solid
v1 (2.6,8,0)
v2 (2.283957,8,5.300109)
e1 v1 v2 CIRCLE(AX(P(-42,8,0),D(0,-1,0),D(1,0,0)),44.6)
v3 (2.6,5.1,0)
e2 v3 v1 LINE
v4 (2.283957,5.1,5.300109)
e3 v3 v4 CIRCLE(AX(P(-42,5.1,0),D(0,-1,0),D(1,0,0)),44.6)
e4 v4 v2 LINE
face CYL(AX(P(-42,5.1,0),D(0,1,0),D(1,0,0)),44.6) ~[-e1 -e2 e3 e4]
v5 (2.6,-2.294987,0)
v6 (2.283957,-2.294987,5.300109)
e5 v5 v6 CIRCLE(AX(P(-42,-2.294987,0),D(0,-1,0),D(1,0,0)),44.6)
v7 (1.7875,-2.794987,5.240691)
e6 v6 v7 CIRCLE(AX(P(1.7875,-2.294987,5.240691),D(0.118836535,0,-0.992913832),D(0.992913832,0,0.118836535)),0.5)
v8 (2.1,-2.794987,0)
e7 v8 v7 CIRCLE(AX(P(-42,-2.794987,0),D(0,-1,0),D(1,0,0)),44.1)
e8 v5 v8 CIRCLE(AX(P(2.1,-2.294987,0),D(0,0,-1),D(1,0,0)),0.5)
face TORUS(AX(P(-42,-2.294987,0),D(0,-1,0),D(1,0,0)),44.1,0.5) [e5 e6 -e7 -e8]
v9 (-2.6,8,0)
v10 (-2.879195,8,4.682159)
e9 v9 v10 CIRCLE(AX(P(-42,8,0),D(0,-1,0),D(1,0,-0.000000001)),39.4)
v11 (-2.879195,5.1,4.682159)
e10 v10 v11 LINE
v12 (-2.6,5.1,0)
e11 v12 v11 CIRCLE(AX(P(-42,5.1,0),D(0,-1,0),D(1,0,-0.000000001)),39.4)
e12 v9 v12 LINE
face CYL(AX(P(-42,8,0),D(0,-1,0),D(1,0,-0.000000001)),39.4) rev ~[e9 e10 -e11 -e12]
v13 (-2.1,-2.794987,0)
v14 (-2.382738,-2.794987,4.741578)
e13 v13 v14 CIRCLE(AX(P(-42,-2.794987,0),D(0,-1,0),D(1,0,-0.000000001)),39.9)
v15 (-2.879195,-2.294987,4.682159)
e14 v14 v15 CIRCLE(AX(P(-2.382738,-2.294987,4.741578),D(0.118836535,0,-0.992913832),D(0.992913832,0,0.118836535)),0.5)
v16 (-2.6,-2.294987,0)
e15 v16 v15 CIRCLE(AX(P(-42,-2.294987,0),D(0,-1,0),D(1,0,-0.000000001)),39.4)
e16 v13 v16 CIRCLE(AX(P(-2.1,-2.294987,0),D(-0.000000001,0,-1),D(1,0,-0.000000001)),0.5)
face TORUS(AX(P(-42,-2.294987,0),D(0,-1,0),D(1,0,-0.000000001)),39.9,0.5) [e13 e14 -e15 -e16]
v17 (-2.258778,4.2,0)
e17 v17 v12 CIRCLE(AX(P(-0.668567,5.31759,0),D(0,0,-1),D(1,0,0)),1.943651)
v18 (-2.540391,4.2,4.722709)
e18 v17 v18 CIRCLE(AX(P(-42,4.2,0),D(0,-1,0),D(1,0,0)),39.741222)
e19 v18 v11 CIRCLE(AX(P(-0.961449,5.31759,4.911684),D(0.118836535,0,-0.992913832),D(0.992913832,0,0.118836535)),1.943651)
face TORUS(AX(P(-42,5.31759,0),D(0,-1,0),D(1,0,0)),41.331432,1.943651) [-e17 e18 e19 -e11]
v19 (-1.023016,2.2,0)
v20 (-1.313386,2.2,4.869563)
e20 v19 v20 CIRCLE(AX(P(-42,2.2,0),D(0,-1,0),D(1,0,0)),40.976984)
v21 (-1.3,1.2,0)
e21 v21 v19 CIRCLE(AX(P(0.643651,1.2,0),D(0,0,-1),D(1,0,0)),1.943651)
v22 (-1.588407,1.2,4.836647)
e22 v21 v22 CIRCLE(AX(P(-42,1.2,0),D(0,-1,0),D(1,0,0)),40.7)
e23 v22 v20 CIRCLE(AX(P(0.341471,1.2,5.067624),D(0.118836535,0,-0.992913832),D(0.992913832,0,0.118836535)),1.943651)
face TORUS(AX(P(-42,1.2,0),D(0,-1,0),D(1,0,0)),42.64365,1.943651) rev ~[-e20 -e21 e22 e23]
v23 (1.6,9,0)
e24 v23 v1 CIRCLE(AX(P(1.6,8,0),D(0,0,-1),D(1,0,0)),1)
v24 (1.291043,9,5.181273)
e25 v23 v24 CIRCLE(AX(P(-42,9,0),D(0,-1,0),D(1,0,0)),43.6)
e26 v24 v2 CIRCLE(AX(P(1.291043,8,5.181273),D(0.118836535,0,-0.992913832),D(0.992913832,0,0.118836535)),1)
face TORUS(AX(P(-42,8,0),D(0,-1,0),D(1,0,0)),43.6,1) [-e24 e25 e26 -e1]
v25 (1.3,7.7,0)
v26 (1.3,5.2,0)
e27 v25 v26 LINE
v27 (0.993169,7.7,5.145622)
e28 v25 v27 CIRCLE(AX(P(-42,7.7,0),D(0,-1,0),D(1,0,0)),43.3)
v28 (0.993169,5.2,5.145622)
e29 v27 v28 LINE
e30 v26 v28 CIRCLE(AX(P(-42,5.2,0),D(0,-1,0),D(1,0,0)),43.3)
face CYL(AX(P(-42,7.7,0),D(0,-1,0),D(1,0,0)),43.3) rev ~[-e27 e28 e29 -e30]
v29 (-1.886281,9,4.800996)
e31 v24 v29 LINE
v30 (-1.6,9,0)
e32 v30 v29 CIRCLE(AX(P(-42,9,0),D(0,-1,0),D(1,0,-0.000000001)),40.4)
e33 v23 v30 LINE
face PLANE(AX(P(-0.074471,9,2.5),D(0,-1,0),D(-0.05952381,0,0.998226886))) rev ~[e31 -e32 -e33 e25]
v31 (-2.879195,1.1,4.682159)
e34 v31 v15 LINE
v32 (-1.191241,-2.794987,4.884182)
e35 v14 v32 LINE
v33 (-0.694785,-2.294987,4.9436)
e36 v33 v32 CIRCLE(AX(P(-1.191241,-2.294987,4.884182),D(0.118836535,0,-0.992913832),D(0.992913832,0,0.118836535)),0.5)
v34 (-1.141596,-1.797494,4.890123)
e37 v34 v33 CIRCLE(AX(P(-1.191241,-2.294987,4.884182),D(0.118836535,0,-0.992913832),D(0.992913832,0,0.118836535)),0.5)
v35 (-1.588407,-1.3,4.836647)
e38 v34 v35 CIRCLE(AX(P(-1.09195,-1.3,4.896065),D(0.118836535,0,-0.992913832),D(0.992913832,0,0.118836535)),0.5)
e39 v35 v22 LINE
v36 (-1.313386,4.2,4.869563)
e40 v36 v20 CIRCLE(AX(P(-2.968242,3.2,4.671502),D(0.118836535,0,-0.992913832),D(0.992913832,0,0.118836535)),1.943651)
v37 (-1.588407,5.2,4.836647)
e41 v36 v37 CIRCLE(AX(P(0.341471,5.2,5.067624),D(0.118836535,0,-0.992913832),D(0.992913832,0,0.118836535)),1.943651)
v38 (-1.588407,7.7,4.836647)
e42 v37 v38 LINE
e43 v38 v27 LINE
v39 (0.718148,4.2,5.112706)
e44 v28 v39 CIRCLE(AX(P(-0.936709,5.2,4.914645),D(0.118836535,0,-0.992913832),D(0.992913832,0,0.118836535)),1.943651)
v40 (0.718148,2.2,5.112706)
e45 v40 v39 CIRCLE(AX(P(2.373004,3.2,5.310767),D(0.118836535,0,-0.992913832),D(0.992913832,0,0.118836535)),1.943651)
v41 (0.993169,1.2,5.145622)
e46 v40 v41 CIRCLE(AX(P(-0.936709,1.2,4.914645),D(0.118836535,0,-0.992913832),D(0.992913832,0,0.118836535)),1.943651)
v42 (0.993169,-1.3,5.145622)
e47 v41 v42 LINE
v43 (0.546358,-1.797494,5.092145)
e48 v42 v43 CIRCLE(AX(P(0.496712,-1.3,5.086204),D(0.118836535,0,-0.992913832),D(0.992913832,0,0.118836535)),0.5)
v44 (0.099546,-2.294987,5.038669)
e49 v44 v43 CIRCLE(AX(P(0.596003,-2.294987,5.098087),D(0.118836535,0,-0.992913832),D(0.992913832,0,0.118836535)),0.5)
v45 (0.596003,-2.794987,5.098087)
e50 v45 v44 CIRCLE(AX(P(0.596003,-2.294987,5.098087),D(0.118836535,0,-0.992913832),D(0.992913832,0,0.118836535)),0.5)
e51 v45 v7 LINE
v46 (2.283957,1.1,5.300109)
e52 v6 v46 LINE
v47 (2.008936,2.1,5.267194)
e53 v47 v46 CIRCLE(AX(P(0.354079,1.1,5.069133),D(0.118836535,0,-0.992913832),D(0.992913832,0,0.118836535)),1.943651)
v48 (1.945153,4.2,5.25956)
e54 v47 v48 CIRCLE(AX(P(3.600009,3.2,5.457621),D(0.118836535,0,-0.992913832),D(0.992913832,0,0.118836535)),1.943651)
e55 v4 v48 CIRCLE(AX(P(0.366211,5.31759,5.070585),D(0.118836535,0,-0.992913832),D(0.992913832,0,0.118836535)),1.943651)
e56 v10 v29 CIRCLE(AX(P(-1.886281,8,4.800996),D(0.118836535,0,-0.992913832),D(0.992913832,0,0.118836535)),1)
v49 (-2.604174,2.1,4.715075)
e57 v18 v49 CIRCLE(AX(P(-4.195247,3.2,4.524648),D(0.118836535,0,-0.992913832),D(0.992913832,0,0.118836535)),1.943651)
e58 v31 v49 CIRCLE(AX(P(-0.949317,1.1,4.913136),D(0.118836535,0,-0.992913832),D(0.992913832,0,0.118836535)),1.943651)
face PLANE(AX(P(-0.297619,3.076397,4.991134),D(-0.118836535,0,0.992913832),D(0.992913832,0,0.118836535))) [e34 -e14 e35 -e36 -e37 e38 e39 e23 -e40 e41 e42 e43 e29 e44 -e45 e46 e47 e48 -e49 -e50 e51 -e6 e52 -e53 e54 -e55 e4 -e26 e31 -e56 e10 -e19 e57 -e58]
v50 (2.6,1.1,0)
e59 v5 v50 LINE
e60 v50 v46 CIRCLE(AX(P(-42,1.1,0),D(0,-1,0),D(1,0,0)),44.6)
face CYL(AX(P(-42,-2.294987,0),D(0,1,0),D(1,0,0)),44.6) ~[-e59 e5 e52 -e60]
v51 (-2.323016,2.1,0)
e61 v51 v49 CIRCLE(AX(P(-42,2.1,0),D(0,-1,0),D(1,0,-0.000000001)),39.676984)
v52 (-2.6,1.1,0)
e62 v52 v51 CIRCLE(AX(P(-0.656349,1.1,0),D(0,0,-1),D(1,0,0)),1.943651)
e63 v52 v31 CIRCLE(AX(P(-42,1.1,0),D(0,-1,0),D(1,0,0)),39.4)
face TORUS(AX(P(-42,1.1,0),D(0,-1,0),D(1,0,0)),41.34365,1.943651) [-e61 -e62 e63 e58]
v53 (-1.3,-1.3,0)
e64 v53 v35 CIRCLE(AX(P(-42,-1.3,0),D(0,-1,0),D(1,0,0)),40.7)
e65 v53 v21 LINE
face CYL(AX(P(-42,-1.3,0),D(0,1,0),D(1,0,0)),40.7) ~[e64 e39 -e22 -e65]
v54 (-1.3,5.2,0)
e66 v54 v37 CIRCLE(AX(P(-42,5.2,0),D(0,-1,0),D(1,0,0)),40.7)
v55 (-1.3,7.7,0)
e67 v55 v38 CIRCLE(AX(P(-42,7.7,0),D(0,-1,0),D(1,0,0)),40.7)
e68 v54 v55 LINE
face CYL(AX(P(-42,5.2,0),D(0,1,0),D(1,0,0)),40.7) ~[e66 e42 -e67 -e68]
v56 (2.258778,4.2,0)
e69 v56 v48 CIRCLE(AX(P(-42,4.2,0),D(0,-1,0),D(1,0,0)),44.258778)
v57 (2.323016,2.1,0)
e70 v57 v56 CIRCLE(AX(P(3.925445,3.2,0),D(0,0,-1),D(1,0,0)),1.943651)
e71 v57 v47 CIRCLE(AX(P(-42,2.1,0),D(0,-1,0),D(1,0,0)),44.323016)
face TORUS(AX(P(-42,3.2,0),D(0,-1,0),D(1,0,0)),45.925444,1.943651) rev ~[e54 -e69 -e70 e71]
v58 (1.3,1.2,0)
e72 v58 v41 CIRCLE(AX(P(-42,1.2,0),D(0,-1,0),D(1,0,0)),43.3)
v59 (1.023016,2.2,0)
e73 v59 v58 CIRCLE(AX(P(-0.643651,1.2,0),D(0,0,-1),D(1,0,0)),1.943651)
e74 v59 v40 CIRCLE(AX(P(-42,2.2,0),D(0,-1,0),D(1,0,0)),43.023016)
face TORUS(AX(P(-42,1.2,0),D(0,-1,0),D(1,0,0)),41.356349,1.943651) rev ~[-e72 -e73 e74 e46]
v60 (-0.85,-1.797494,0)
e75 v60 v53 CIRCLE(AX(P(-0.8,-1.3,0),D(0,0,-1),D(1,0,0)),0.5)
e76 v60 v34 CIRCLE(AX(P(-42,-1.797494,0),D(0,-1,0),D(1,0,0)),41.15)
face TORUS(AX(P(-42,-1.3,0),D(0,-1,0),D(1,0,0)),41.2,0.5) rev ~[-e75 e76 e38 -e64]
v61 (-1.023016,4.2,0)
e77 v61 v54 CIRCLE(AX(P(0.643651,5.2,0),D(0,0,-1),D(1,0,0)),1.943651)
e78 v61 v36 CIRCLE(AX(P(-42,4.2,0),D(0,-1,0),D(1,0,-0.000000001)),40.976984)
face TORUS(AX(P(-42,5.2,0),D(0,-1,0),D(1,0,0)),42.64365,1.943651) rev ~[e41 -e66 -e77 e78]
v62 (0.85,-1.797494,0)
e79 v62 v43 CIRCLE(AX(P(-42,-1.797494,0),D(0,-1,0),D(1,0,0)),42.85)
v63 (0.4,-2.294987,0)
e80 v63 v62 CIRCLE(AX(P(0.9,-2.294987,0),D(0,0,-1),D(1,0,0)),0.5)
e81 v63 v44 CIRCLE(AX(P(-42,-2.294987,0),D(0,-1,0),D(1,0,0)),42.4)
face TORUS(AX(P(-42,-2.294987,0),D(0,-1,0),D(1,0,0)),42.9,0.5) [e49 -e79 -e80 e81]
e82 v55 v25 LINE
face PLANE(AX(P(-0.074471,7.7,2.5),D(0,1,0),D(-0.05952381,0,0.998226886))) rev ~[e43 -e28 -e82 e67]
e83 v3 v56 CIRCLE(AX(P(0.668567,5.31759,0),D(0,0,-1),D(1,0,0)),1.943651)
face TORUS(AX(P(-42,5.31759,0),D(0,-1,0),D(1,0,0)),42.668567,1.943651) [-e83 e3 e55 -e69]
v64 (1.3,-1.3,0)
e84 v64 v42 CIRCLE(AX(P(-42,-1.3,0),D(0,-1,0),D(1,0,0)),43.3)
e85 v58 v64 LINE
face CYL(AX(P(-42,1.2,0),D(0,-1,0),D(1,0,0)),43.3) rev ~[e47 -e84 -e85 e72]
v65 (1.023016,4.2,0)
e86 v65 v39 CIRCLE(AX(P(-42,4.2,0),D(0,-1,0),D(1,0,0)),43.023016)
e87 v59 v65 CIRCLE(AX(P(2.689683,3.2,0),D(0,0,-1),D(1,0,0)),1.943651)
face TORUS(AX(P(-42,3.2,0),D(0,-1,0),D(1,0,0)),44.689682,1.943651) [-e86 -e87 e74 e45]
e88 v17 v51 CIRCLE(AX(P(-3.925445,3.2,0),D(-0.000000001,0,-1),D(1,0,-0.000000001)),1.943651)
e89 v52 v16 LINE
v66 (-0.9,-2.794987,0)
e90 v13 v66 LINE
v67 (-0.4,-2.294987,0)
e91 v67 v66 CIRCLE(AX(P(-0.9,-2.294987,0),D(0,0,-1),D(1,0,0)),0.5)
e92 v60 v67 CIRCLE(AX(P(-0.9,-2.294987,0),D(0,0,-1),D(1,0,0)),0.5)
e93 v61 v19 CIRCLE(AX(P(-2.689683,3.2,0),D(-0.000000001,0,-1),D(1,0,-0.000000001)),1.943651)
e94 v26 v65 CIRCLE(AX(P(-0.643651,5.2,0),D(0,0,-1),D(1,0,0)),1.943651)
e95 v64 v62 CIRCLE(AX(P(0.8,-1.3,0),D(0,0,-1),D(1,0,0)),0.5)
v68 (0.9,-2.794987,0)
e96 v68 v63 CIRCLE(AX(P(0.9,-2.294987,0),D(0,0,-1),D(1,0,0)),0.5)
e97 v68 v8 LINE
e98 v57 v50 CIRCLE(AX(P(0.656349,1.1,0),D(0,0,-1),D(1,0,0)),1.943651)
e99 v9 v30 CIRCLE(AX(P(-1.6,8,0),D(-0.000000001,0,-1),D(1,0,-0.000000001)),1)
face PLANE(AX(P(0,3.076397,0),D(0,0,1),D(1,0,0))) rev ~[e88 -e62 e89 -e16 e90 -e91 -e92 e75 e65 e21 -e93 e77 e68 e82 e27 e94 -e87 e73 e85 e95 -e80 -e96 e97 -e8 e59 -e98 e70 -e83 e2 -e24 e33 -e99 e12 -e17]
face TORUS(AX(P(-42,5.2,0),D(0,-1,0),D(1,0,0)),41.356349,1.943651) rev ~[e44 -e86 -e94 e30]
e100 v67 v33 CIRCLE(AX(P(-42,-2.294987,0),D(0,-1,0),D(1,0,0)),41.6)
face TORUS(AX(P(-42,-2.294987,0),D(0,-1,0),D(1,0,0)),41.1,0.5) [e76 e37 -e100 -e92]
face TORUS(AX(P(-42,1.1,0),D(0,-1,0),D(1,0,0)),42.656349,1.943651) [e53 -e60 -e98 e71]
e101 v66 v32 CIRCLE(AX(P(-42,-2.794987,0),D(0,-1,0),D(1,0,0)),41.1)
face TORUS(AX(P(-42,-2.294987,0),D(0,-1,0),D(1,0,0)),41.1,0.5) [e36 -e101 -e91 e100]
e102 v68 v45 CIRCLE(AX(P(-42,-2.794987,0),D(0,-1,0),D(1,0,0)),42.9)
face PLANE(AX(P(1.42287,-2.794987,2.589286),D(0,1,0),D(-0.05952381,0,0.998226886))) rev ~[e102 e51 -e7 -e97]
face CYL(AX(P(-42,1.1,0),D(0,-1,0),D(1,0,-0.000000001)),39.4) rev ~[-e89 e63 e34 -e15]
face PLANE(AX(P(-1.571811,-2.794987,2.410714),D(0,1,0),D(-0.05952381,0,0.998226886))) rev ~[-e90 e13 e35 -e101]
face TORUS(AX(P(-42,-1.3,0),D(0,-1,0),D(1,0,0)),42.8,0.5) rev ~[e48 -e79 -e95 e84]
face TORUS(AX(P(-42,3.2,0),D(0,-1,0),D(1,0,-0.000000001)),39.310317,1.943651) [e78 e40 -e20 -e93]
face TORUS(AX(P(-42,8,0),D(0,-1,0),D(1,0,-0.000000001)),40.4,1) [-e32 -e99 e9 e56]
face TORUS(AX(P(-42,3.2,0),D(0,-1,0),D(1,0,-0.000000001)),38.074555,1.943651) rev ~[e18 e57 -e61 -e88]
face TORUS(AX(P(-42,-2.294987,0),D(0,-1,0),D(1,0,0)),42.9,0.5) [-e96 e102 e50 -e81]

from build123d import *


with BuildPart() as part:
    # Sweep2: sweep along a path in Sketch12
    with BuildLine(Plane(origin=(0, 0, 0), x_dir=(1, 0, 0), z_dir=(0, 1, 0))) as sweep2_path:
        ThreePointArc((0, 0), (-0.074470784, -2.5), (-0.297619048, -4.99113443))
    # Sketch2 → Sweep2 (sweep)
    with BuildSketch(Plane.XY):
        with BuildLine():
            Line((-1.3, 7.7), (1.3, 7.7))
            Line((1.3, 7.7), (1.3, 5.2))
            ThreePointArc((1.3, 5.2), (1.229474497, 4.681174375), (1.023016035, 4.2))
            ThreePointArc((1.023016035, 4.2), (0.74603207, 3.2), (1.023016035, 2.2))
            ThreePointArc((1.023016035, 2.2), (1.229474497, 1.718825625), (1.3, 1.2))
            Line((1.3, 1.2), (1.3, -1.3))
            ThreePointArc((1.3, -1.3), (1.170809924, -1.635410197), (0.85, -1.797493719))
            ThreePointArc((0.85, -1.797493719), (0.529190076, -1.95957724), (0.4, -2.294987437))
            ThreePointArc((0.4, -2.294987437), (0.546446609, -2.648540828), (0.9, -2.794987437))
            Line((0.9, -2.794987437), (2.1, -2.794987437))
            ThreePointArc((2.1, -2.794987437), (2.453553391, -2.648540828), (2.6, -2.294987437))
            Line((2.6, -2.294987437), (2.6, 1.1))
            ThreePointArc((2.6, 1.1), (2.529474497, 1.618825625), (2.323016035, 2.1))
            ThreePointArc((2.323016035, 2.1), (1.982702832, 3.140572492), (2.258778081, 4.2))
            ThreePointArc((2.258778081, 4.2), (2.485981176, 4.628543914), (2.6, 5.1))
            Line((2.6, 5.1), (2.6, 8))
            ThreePointArc((2.6, 8), (2.307106781, 8.707106781), (1.6, 9))
            Line((1.6, 9), (-1.6, 9))
            ThreePointArc((-1.6, 9), (-2.307106781, 8.707106781), (-2.6, 8))
            Line((-2.6, 8), (-2.6, 5.1))
            ThreePointArc((-2.6, 5.1), (-2.485981176, 4.628543914), (-2.258778081, 4.2))
            ThreePointArc((-2.258778081, 4.2), (-1.982702832, 3.140572492), (-2.323016035, 2.1))
            ThreePointArc((-2.323016035, 2.1), (-2.529474497, 1.618825625), (-2.6, 1.1))
            Line((-2.6, 1.1), (-2.6, -2.294987437))
            ThreePointArc((-2.6, -2.294987437), (-2.453553391, -2.648540828), (-2.1, -2.794987437))
            Line((-2.1, -2.794987437), (-0.9, -2.794987437))
            ThreePointArc((-0.9, -2.794987437), (-0.546446609, -2.648540828), (-0.4, -2.294987437))
            ThreePointArc((-0.4, -2.294987437), (-0.529190076, -1.95957724), (-0.85, -1.797493719))
            ThreePointArc((-0.85, -1.797493719), (-1.170809924, -1.635410197), (-1.3, -1.3))
            Line((-1.3, -1.3), (-1.3, 1.2))
            ThreePointArc((-1.3, 1.2), (-1.229474497, 1.718825625), (-1.023016035, 2.2))
            ThreePointArc((-1.023016035, 2.2), (-0.74603207, 3.2), (-1.023016035, 4.2))
            ThreePointArc((-1.023016035, 4.2), (-1.229474497, 4.681174375), (-1.3, 5.2))
            Line((-1.3, 5.2), (-1.3, 7.7))
        make_face()
    sweep(path=sweep2_path.line)


solid = part.part
